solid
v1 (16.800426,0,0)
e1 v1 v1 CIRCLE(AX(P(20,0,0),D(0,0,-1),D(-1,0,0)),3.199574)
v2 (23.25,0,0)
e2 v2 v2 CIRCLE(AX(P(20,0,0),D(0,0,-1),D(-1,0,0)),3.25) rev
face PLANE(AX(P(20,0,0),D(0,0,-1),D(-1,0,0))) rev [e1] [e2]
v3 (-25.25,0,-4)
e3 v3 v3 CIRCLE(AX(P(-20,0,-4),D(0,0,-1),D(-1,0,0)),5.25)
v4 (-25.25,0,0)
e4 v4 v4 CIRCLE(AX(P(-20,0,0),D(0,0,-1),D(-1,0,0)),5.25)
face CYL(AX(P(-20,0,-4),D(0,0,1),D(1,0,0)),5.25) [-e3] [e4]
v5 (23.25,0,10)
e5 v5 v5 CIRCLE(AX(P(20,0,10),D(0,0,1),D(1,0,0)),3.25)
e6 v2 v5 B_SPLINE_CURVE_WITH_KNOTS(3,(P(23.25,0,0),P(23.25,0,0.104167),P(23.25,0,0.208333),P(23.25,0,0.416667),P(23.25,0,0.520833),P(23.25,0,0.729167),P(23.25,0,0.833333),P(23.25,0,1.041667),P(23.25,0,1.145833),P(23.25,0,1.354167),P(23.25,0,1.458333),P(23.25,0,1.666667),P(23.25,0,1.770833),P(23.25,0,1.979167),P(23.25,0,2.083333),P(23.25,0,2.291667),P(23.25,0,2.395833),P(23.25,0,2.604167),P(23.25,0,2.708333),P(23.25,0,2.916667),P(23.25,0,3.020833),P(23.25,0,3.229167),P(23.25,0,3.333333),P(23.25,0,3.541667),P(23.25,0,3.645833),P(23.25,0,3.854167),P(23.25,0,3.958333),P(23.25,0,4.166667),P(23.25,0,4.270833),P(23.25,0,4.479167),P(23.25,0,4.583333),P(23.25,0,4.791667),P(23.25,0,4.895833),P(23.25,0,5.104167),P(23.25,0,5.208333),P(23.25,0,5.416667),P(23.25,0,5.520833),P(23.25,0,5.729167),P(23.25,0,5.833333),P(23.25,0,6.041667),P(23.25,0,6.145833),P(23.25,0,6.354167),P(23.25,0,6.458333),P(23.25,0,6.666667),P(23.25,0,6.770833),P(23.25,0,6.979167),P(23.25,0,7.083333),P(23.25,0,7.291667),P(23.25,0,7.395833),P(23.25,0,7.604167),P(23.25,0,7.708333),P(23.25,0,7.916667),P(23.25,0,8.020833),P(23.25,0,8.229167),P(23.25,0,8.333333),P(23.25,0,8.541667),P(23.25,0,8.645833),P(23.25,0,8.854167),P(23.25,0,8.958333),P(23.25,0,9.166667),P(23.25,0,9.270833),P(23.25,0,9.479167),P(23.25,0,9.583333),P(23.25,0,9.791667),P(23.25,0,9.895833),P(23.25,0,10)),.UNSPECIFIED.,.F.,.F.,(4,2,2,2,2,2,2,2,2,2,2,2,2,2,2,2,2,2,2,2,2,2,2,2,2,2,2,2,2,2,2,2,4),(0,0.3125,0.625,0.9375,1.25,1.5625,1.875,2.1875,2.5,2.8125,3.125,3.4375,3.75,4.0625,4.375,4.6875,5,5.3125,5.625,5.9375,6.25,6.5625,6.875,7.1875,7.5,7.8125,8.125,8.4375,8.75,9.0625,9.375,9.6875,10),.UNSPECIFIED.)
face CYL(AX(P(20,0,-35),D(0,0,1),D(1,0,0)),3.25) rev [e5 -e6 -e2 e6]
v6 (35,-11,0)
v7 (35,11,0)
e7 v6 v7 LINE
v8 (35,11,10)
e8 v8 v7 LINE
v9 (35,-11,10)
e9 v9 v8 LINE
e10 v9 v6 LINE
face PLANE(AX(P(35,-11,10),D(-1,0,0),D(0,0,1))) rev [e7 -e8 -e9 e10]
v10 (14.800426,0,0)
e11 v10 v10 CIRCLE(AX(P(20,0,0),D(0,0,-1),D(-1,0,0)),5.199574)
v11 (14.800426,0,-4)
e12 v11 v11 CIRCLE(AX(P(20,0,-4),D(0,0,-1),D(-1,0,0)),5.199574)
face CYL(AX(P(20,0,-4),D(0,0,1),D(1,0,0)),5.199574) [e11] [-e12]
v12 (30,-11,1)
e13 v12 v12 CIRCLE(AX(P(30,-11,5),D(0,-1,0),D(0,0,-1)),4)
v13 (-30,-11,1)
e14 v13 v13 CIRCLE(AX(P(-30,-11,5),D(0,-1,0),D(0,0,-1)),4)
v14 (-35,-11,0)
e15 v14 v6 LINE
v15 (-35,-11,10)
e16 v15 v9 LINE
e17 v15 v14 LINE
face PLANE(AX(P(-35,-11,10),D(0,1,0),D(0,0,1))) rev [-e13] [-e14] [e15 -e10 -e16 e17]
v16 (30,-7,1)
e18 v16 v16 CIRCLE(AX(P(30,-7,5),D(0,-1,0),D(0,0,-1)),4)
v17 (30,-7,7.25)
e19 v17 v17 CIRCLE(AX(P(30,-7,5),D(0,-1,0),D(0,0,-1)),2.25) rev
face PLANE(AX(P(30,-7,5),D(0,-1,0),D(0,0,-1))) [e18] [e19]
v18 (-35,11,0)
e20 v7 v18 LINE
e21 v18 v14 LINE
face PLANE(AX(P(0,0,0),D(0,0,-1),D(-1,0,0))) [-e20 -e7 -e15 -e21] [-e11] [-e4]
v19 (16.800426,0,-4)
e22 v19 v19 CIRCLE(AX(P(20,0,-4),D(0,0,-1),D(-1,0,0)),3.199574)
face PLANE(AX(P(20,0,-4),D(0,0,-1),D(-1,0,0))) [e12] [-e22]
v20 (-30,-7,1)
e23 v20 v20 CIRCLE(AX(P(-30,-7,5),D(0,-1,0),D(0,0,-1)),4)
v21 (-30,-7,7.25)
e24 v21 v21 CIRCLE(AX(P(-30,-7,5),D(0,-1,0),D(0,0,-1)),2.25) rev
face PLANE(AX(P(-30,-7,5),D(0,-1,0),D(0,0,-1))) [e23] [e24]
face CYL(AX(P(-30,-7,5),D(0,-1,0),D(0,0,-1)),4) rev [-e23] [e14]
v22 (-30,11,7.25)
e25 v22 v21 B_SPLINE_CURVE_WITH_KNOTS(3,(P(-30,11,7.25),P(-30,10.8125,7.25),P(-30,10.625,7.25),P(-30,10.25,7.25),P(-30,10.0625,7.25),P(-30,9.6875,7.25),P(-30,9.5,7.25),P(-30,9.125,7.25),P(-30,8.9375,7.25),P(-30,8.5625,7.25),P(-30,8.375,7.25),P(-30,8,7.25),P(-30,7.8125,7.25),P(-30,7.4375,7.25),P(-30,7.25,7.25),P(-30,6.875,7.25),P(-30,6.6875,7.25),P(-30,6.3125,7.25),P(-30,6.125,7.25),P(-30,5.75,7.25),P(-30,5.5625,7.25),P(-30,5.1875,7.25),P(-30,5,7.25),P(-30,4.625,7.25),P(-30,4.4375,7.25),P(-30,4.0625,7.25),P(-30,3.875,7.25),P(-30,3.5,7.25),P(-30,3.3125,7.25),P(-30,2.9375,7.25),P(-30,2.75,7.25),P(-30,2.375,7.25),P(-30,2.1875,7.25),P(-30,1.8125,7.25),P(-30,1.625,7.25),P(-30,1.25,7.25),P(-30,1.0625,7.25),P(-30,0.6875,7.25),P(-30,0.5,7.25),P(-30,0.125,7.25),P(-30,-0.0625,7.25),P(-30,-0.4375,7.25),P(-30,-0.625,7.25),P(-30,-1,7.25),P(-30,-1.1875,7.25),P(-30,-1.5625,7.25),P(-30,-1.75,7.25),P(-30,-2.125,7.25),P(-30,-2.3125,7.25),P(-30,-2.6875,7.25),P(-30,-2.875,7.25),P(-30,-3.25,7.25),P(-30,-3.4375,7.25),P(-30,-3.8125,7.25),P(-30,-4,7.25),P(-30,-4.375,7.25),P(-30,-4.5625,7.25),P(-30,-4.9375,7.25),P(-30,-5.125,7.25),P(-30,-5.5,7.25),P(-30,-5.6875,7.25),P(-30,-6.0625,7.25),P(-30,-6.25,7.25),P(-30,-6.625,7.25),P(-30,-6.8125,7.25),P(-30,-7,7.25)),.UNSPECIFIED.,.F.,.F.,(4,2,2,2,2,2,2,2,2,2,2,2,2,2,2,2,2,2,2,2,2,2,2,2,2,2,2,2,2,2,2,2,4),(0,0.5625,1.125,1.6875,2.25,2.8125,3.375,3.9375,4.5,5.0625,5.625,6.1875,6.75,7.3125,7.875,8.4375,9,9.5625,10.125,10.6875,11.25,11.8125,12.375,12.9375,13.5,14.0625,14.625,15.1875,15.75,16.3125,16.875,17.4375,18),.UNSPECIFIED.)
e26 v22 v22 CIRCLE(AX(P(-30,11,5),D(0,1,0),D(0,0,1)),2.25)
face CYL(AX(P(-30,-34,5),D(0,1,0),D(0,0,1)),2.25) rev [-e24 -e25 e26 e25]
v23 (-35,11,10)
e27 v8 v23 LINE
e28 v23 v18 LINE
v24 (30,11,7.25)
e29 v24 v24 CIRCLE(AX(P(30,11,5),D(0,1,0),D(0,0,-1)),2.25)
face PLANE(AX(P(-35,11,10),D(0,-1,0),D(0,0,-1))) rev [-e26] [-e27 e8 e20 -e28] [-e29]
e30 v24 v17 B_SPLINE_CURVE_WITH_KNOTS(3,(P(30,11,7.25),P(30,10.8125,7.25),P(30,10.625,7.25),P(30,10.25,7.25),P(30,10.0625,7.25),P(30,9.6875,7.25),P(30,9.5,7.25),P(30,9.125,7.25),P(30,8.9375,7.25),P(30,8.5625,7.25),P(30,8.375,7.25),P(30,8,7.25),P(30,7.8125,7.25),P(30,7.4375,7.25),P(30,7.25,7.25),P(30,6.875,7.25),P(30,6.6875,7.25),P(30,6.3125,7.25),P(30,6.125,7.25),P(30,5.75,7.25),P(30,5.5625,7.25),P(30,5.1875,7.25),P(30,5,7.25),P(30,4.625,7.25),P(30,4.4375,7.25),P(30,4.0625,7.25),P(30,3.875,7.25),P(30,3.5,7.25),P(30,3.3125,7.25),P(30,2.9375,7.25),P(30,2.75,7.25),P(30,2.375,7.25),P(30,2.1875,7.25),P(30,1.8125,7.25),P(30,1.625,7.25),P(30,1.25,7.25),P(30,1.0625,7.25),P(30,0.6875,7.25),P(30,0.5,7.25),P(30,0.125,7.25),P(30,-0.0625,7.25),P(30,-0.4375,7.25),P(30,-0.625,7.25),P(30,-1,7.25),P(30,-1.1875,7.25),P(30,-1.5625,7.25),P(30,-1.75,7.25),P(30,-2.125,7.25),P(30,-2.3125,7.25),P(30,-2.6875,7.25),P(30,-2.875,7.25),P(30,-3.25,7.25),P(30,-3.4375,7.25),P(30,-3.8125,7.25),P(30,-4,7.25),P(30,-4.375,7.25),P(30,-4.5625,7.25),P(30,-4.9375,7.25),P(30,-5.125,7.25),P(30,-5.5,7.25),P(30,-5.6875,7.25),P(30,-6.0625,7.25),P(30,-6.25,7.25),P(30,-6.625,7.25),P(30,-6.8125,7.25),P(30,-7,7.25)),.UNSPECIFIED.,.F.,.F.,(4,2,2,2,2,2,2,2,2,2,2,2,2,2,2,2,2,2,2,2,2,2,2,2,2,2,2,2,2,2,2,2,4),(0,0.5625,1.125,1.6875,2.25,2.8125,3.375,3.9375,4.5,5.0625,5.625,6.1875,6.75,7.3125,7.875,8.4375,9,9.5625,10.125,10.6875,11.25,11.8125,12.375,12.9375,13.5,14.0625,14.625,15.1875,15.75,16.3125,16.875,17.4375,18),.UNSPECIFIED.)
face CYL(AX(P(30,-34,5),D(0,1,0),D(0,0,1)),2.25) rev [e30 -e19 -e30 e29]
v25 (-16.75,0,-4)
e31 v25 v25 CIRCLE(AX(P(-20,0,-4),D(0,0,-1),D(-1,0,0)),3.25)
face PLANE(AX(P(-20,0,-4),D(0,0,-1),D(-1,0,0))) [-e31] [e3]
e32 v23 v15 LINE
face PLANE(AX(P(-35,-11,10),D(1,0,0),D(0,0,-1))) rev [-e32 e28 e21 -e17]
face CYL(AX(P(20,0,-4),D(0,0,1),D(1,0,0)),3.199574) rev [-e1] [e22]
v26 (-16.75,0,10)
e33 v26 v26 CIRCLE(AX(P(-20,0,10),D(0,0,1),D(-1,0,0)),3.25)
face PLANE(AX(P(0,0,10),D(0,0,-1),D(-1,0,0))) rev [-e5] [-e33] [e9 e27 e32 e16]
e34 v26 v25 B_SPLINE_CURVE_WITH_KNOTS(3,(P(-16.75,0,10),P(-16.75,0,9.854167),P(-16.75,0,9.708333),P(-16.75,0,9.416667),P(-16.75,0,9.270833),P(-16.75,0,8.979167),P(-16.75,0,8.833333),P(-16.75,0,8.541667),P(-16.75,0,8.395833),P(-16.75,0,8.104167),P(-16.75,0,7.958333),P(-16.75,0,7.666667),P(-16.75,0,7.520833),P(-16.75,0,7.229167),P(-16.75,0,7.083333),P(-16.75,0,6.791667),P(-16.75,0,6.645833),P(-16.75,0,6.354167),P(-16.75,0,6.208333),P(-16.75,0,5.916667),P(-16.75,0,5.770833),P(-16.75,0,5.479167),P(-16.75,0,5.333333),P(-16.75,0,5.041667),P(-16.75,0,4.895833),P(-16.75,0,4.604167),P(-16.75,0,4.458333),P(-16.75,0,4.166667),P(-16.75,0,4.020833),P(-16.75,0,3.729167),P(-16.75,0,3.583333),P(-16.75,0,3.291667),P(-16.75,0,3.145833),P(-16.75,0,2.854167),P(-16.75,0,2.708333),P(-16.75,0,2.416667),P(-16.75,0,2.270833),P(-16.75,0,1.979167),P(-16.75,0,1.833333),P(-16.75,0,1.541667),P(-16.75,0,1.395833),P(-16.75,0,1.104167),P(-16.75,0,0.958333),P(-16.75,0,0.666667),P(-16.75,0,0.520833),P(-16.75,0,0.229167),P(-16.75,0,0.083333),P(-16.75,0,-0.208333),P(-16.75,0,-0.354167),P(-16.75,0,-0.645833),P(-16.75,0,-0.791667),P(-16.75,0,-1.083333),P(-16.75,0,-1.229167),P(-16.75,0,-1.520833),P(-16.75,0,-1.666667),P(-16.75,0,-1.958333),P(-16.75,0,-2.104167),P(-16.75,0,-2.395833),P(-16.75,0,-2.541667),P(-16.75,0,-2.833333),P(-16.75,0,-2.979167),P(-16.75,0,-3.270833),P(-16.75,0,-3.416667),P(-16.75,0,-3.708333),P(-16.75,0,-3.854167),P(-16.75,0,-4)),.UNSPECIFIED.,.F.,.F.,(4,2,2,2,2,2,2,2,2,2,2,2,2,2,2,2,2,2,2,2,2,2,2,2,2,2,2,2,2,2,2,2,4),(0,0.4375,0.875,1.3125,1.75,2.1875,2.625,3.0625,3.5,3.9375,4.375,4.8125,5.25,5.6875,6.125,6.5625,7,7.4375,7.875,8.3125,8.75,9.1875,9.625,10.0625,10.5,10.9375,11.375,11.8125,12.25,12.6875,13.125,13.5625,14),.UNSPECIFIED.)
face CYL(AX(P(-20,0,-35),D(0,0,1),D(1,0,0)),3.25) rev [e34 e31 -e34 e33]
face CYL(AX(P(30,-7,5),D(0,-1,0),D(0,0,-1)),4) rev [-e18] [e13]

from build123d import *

# Parameters (mm, degrees)
SKETCH1_W           = 70
SKETCH1_H           = 22
BOSS_EXTRUDE1_DEPTH = 10
SKETCH2_R           = 2.25
CUT_EXTRUDE1_DEPTH  = 45
SKETCH3_R           = 3.25
CUT_EXTRUDE2_DEPTH  = 45
SKETCH4_R           = 5.199573864
SKETCH4_R_2         = 3.199573864
SKETCH4_R_3         = 5.25
SKETCH4_R_4         = 3.25
BOSS_EXTRUDE2_DEPTH = 4
SKETCH5_R           = 4
CUT_EXTRUDE3_DEPTH  = 4


with BuildPart() as part:
    # Sketch1 → Boss-Extrude1 (new body)
    with BuildSketch(Plane.XY):
        Rectangle(SKETCH1_W, SKETCH1_H)
    extrude(amount=BOSS_EXTRUDE1_DEPTH)

    # Sketch2 → Cut-Extrude1 (cut)
    with BuildSketch(Plane(origin=(0, 11, 0), x_dir=(1, 0, 0), z_dir=(0, 1, 0))):
        with Locations(Location((-30, -5, 0), (0, 0, 270))):
            Circle(SKETCH2_R)
        with Locations(Location((30, -5, 0), (0, 0, 270))):
            Circle(SKETCH2_R)
    extrude(amount=-CUT_EXTRUDE1_DEPTH, mode=Mode.SUBTRACT)

    # Sketch3 → Cut-Extrude2 (cut)
    with BuildSketch(Plane.XY.offset(10)):
        with Locations((20, 0)):
            Circle(SKETCH3_R)
        with Locations((-20, 0)):
            Circle(SKETCH3_R)
    extrude(amount=-CUT_EXTRUDE2_DEPTH, mode=Mode.SUBTRACT)

    # Sketch4 → Boss-Extrude2 (add)
    # profile 1 of 2: a face of its own
    with BuildSketch(Plane(origin=(0, 0, 0), x_dir=(-1, 0, 0), z_dir=(0, 0, -1))):
        with Locations((-20, 0)):
            Circle(SKETCH4_R)
        with Locations((-20, 0)):
            Circle(SKETCH4_R_2, mode=Mode.SUBTRACT)
    # profile 2 of 2: a face of its own
    with BuildSketch(Plane(origin=(0, 0, 0), x_dir=(-1, 0, 0), z_dir=(0, 0, -1))):
        with Locations((20, 0)):
            Circle(SKETCH4_R_3)
        with Locations(Location((20, 0, 0), (0, 0, 180))):
            Circle(SKETCH4_R_4, mode=Mode.SUBTRACT)
    extrude(amount=BOSS_EXTRUDE2_DEPTH)

    # Sketch5 → Cut-Extrude3 (cut)
    with BuildSketch(Plane.XZ.offset(11)):
        with Locations(Location((30, 5, 0), (0, 0, 270))):
            Circle(SKETCH5_R)
        with Locations(Location((-30, 5, 0), (0, 0, 270))):
            Circle(SKETCH5_R)
    extrude(amount=-CUT_EXTRUDE3_DEPTH, mode=Mode.SUBTRACT)


solid = part.part
